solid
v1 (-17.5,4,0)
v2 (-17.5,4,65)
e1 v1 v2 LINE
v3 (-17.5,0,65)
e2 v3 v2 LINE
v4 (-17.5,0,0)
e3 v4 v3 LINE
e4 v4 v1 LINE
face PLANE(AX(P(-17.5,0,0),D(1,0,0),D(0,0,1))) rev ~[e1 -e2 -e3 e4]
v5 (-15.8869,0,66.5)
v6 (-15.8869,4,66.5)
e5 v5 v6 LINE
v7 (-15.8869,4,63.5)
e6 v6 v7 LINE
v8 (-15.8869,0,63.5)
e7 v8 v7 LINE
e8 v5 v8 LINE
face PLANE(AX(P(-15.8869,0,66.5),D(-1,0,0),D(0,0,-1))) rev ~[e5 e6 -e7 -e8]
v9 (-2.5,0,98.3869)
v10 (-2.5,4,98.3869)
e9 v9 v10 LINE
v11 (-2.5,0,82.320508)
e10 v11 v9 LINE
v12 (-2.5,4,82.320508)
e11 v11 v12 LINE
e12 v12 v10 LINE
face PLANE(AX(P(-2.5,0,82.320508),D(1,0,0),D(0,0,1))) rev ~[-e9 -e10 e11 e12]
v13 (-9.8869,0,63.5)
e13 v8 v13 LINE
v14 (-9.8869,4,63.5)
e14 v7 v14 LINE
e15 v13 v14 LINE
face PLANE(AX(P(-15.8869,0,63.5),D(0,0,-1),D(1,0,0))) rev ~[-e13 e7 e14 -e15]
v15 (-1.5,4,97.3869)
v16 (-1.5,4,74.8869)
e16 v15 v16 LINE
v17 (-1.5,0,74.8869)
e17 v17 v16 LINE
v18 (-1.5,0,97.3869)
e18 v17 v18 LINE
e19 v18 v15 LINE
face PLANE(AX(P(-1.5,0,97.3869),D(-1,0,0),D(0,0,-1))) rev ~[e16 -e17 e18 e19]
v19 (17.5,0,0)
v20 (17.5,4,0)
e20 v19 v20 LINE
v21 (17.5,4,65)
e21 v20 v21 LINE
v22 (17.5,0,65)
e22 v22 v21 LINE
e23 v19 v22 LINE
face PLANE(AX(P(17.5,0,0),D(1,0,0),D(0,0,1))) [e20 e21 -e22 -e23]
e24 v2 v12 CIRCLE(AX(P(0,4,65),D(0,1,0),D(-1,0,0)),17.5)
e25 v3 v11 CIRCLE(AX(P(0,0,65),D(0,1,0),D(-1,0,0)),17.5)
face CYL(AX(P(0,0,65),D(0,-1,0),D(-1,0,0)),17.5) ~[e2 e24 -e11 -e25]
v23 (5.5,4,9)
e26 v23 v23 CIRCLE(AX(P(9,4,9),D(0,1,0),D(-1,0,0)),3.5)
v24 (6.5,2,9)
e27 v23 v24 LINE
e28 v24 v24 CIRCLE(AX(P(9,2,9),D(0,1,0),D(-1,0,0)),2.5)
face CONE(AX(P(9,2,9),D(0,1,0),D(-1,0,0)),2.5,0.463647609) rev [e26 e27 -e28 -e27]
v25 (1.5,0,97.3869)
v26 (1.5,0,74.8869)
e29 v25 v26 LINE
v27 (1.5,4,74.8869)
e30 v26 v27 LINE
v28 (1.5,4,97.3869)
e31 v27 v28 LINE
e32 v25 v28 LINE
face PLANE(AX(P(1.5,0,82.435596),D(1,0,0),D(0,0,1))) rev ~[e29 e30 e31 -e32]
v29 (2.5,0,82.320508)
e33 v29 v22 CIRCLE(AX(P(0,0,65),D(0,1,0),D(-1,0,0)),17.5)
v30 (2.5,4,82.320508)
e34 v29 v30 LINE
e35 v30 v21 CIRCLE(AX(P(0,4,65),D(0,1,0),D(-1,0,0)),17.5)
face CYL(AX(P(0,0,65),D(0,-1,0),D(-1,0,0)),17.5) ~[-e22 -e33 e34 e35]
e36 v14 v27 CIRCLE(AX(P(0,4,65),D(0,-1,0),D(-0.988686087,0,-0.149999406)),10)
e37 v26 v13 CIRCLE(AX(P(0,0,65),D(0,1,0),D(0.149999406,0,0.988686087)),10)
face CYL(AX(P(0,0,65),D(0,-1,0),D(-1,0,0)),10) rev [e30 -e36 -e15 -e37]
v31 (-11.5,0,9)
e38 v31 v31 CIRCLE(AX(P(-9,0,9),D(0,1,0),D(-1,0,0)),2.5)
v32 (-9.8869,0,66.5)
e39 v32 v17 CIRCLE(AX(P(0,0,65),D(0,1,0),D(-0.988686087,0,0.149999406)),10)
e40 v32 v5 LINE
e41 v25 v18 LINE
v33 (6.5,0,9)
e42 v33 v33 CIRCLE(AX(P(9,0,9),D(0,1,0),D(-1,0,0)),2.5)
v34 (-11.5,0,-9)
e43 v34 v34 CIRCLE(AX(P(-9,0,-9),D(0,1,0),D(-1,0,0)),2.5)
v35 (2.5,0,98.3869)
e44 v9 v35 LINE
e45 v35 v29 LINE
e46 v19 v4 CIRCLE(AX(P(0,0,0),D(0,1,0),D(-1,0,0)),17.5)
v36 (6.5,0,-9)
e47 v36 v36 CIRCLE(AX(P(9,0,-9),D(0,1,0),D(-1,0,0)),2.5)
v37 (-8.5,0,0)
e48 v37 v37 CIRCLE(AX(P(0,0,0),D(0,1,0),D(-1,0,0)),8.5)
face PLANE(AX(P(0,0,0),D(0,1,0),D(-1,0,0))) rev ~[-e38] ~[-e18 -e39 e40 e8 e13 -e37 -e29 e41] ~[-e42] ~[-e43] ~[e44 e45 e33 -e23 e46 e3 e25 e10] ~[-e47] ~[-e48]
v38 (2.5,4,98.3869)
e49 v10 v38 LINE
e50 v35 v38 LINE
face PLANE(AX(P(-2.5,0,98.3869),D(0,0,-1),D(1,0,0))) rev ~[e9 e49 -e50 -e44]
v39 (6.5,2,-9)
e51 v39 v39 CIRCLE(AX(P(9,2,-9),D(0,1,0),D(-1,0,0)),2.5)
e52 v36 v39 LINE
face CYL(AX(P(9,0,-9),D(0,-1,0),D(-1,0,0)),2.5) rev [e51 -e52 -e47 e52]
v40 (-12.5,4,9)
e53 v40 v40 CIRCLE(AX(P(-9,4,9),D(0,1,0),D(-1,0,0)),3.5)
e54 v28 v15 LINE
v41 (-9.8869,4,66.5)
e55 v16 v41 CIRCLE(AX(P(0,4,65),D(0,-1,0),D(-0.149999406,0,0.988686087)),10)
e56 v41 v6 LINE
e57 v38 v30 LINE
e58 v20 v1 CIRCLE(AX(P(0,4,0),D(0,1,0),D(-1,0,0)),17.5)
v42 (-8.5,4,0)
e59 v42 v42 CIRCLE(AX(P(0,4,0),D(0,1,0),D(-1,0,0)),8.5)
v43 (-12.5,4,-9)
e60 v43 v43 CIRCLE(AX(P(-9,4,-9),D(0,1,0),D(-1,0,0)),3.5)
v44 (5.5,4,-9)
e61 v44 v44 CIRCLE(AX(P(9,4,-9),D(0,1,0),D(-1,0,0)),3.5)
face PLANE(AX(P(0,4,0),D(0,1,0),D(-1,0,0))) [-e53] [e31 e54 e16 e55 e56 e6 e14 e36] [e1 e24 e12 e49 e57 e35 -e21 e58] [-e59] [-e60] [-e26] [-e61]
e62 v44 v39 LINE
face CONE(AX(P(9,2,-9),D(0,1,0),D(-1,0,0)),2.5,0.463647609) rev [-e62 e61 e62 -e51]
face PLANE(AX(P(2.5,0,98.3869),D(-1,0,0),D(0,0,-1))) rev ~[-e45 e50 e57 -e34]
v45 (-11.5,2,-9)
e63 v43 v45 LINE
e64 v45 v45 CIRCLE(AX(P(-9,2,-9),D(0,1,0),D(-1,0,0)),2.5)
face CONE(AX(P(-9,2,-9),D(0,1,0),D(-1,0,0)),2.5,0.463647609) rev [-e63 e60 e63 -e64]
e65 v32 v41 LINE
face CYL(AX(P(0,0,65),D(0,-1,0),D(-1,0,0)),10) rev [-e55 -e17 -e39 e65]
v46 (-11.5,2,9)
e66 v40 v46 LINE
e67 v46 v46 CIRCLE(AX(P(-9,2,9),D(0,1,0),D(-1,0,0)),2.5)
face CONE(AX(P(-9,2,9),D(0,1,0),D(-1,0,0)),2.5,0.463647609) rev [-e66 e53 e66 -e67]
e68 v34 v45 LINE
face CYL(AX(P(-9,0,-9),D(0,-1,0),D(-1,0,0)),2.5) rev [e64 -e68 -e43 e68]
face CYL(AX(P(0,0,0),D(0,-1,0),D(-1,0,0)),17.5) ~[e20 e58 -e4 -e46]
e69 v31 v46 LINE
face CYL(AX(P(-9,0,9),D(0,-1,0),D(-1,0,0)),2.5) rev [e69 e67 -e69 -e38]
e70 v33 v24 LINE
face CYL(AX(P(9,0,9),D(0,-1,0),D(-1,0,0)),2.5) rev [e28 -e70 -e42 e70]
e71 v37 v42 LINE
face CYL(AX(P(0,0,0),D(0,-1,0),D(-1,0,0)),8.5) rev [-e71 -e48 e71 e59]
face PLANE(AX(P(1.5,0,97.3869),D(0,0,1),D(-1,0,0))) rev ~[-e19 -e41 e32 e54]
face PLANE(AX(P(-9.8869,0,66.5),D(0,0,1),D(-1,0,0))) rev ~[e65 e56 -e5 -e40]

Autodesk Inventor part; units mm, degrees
ref_plane "YZ Plane" through (0, 0, 0) normal (1, 0, 0) x (0, 1, 0)
ref_plane "XZ Plane" through (0, 0, 0) normal (0, 1, 0) x (-1, 0, 0)
ref_plane "XY Plane" through (0, 0, 0) normal (0, 0, 1) x (1, 0, 0)
sketch "Esquisse3" plane through (0, 0, 0) normal (0, 1, 0) x (-1, 0, 0)
  line L0 (-6.5, 6.5) -> (6.5, 6.5) construction
  line L1 (6.5, 6.5) -> (6.5, -6.5) construction
  line L2 (6.5, -6.5) -> (-6.5, -6.5) construction
  line L3 (-6.5, -6.5) -> (-6.5, 6.5) construction
  line L4 (-6.5, 6.5) -> (6.5, -6.5) construction
  line L5 (6.5, 6.5) -> (-6.5, -6.5) construction
  line L6 (-11.5, 11.5) -> (11.5, 11.5) construction
  line L7 (11.5, 11.5) -> (11.5, -11.5) construction
  line L8 (11.5, -11.5) -> (-11.5, -11.5) construction
  line L9 (-11.5, -11.5) -> (-11.5, 11.5) construction
  line L10 (-11.5, 11.5) -> (11.5, -11.5) construction
  line L11 (11.5, 11.5) -> (-11.5, -11.5) construction
  line L12 (-6.5, 6.5) -> (-11.5, 6.5) construction
  line L13 (-11.5, 6.5) -> (-11.5, 11.5) construction
  line L14 (-11.5, 11.5) -> (-6.5, 11.5) construction
  line L15 (-6.5, 11.5) -> (-6.5, 6.5) construction
  line L16 (-6.5, -6.5) -> (-11.5, -6.5) construction
  line L17 (-11.5, -6.5) -> (-11.5, -11.5) construction
  line L18 (-11.5, -11.5) -> (-6.5, -11.5) construction
  line L19 (-6.5, -11.5) -> (-6.5, -6.5) construction
  line L20 (6.5, -6.5) -> (11.5, -6.5) construction
  line L21 (11.5, -6.5) -> (11.5, -11.5) construction
  line L22 (11.5, -11.5) -> (6.5, -11.5) construction
  line L23 (6.5, -11.5) -> (6.5, -6.5) construction
  line L24 (11.5, 11.5) -> (6.5, 11.5) construction
  line L25 (6.5, 11.5) -> (6.5, 6.5) construction
  line L26 (6.5, 6.5) -> (11.5, 6.5) construction
  line L27 (11.5, 6.5) -> (11.5, 11.5) construction
  circle A0 centre (9, 9) radius 2.5
  circle A1 centre (9, -9) radius 2.5
  circle A2 centre (-9, -9) radius 2.5
  circle A3 centre (-9, 9) radius 2.5
  circle A4 centre (0, 0) radius 17.5
  circle A5 centre (0, 0) radius 8.5
  line L28 (17.5, 0) -> (17.5, 65)
  line L29 (-17.5, 0) -> (-17.5, 65)
  line L30 (0, -17.5) -> (0, 82.5) construction
  circle A6 centre (0, 65) radius 17.5
  circle A7 centre (0, 65) radius 10
  line L31 (1.5, 74.8869) -> (-1.5, 74.8869)
  line L32 (-1.5, 74.8869) -> (-1.5, 97.3869)
  line L33 (-1.5, 97.3869) -> (1.5, 97.3869)
  line L34 (1.5, 97.3869) -> (1.5, 74.8869)
  line L35 (-2.5, 98.3869) -> (-2.5, 73.8869)
  line L36 (-2.5, 73.8869) -> (2.5, 73.8869)
  line L37 (2.5, 73.8869) -> (2.5, 98.3869)
  line L38 (2.5, 98.3869) -> (-2.5, 98.3869)
  line L39 (15.8869, 63.5) -> (9.8869, 63.5)
  line L40 (9.8869, 63.5) -> (9.8869, 66.5)
  line L41 (9.8869, 66.5) -> (15.8869, 66.5)
  line L42 (15.8869, 66.5) -> (15.8869, 63.5)
  point P0 (17.5, 63.5)
  point P1 (17.4356, 66.5)
  point P2 (2.5, 82.3205)
  point P3 (-2.5, 82.3205)
  point P4 (1.5, 82.4356)
  point P5 (-1.5, 82.4356)
  point P6 (-2.5, 74.6825)
  point P7 (2.5, 74.6825)
  dimension "d1" = 13
  dimension "d2" = 13
  dimension "d3" = 5
  dimension "d4" = 35
  dimension "d9" = 9
  dimension "d29" = 100
  dimension "d31" = 35
  dimension "d32" = 20
  dimension "d33" = 3
  dimension "d34" = 22.5
  dimension "d36" = 1
  dimension "d37" = 3
  dimension "d51" = 6
extrude "Extrusion1" add sketch "Esquisse3" along normal blind 4 contours A4 | A4 L29 A6 L28 | A6 L35 A7 L39 L42 L41 L37 | L37 A7 L34 A6 | A6 L34 L33 L32 L35 L38 L37 | A6 L32 A7 L35
chamfer "Chanfrein5" distance 1 distance2 2 1 edges at (11.5, 4, -9) measured on face at (0.0538, 4, 25.8921)
chamfer "Chanfrein6" distance 1 distance2 2 1 edges at (-6.5, 4, -9) measured on face at (0.0538, 4, 25.8921)
chamfer "Chanfrein7" distance 1 distance2 2 1 edges at (-6.5, 4, 9) measured on face at (0.0538, 4, 25.8921)
chamfer "Chanfrein8" distance 1 distance2 2 1 edges at (11.5, 4, 9) measured on face at (0.172, 4, 26.2038)
properties part number "Pièce_moteur_maintient_test_4"
